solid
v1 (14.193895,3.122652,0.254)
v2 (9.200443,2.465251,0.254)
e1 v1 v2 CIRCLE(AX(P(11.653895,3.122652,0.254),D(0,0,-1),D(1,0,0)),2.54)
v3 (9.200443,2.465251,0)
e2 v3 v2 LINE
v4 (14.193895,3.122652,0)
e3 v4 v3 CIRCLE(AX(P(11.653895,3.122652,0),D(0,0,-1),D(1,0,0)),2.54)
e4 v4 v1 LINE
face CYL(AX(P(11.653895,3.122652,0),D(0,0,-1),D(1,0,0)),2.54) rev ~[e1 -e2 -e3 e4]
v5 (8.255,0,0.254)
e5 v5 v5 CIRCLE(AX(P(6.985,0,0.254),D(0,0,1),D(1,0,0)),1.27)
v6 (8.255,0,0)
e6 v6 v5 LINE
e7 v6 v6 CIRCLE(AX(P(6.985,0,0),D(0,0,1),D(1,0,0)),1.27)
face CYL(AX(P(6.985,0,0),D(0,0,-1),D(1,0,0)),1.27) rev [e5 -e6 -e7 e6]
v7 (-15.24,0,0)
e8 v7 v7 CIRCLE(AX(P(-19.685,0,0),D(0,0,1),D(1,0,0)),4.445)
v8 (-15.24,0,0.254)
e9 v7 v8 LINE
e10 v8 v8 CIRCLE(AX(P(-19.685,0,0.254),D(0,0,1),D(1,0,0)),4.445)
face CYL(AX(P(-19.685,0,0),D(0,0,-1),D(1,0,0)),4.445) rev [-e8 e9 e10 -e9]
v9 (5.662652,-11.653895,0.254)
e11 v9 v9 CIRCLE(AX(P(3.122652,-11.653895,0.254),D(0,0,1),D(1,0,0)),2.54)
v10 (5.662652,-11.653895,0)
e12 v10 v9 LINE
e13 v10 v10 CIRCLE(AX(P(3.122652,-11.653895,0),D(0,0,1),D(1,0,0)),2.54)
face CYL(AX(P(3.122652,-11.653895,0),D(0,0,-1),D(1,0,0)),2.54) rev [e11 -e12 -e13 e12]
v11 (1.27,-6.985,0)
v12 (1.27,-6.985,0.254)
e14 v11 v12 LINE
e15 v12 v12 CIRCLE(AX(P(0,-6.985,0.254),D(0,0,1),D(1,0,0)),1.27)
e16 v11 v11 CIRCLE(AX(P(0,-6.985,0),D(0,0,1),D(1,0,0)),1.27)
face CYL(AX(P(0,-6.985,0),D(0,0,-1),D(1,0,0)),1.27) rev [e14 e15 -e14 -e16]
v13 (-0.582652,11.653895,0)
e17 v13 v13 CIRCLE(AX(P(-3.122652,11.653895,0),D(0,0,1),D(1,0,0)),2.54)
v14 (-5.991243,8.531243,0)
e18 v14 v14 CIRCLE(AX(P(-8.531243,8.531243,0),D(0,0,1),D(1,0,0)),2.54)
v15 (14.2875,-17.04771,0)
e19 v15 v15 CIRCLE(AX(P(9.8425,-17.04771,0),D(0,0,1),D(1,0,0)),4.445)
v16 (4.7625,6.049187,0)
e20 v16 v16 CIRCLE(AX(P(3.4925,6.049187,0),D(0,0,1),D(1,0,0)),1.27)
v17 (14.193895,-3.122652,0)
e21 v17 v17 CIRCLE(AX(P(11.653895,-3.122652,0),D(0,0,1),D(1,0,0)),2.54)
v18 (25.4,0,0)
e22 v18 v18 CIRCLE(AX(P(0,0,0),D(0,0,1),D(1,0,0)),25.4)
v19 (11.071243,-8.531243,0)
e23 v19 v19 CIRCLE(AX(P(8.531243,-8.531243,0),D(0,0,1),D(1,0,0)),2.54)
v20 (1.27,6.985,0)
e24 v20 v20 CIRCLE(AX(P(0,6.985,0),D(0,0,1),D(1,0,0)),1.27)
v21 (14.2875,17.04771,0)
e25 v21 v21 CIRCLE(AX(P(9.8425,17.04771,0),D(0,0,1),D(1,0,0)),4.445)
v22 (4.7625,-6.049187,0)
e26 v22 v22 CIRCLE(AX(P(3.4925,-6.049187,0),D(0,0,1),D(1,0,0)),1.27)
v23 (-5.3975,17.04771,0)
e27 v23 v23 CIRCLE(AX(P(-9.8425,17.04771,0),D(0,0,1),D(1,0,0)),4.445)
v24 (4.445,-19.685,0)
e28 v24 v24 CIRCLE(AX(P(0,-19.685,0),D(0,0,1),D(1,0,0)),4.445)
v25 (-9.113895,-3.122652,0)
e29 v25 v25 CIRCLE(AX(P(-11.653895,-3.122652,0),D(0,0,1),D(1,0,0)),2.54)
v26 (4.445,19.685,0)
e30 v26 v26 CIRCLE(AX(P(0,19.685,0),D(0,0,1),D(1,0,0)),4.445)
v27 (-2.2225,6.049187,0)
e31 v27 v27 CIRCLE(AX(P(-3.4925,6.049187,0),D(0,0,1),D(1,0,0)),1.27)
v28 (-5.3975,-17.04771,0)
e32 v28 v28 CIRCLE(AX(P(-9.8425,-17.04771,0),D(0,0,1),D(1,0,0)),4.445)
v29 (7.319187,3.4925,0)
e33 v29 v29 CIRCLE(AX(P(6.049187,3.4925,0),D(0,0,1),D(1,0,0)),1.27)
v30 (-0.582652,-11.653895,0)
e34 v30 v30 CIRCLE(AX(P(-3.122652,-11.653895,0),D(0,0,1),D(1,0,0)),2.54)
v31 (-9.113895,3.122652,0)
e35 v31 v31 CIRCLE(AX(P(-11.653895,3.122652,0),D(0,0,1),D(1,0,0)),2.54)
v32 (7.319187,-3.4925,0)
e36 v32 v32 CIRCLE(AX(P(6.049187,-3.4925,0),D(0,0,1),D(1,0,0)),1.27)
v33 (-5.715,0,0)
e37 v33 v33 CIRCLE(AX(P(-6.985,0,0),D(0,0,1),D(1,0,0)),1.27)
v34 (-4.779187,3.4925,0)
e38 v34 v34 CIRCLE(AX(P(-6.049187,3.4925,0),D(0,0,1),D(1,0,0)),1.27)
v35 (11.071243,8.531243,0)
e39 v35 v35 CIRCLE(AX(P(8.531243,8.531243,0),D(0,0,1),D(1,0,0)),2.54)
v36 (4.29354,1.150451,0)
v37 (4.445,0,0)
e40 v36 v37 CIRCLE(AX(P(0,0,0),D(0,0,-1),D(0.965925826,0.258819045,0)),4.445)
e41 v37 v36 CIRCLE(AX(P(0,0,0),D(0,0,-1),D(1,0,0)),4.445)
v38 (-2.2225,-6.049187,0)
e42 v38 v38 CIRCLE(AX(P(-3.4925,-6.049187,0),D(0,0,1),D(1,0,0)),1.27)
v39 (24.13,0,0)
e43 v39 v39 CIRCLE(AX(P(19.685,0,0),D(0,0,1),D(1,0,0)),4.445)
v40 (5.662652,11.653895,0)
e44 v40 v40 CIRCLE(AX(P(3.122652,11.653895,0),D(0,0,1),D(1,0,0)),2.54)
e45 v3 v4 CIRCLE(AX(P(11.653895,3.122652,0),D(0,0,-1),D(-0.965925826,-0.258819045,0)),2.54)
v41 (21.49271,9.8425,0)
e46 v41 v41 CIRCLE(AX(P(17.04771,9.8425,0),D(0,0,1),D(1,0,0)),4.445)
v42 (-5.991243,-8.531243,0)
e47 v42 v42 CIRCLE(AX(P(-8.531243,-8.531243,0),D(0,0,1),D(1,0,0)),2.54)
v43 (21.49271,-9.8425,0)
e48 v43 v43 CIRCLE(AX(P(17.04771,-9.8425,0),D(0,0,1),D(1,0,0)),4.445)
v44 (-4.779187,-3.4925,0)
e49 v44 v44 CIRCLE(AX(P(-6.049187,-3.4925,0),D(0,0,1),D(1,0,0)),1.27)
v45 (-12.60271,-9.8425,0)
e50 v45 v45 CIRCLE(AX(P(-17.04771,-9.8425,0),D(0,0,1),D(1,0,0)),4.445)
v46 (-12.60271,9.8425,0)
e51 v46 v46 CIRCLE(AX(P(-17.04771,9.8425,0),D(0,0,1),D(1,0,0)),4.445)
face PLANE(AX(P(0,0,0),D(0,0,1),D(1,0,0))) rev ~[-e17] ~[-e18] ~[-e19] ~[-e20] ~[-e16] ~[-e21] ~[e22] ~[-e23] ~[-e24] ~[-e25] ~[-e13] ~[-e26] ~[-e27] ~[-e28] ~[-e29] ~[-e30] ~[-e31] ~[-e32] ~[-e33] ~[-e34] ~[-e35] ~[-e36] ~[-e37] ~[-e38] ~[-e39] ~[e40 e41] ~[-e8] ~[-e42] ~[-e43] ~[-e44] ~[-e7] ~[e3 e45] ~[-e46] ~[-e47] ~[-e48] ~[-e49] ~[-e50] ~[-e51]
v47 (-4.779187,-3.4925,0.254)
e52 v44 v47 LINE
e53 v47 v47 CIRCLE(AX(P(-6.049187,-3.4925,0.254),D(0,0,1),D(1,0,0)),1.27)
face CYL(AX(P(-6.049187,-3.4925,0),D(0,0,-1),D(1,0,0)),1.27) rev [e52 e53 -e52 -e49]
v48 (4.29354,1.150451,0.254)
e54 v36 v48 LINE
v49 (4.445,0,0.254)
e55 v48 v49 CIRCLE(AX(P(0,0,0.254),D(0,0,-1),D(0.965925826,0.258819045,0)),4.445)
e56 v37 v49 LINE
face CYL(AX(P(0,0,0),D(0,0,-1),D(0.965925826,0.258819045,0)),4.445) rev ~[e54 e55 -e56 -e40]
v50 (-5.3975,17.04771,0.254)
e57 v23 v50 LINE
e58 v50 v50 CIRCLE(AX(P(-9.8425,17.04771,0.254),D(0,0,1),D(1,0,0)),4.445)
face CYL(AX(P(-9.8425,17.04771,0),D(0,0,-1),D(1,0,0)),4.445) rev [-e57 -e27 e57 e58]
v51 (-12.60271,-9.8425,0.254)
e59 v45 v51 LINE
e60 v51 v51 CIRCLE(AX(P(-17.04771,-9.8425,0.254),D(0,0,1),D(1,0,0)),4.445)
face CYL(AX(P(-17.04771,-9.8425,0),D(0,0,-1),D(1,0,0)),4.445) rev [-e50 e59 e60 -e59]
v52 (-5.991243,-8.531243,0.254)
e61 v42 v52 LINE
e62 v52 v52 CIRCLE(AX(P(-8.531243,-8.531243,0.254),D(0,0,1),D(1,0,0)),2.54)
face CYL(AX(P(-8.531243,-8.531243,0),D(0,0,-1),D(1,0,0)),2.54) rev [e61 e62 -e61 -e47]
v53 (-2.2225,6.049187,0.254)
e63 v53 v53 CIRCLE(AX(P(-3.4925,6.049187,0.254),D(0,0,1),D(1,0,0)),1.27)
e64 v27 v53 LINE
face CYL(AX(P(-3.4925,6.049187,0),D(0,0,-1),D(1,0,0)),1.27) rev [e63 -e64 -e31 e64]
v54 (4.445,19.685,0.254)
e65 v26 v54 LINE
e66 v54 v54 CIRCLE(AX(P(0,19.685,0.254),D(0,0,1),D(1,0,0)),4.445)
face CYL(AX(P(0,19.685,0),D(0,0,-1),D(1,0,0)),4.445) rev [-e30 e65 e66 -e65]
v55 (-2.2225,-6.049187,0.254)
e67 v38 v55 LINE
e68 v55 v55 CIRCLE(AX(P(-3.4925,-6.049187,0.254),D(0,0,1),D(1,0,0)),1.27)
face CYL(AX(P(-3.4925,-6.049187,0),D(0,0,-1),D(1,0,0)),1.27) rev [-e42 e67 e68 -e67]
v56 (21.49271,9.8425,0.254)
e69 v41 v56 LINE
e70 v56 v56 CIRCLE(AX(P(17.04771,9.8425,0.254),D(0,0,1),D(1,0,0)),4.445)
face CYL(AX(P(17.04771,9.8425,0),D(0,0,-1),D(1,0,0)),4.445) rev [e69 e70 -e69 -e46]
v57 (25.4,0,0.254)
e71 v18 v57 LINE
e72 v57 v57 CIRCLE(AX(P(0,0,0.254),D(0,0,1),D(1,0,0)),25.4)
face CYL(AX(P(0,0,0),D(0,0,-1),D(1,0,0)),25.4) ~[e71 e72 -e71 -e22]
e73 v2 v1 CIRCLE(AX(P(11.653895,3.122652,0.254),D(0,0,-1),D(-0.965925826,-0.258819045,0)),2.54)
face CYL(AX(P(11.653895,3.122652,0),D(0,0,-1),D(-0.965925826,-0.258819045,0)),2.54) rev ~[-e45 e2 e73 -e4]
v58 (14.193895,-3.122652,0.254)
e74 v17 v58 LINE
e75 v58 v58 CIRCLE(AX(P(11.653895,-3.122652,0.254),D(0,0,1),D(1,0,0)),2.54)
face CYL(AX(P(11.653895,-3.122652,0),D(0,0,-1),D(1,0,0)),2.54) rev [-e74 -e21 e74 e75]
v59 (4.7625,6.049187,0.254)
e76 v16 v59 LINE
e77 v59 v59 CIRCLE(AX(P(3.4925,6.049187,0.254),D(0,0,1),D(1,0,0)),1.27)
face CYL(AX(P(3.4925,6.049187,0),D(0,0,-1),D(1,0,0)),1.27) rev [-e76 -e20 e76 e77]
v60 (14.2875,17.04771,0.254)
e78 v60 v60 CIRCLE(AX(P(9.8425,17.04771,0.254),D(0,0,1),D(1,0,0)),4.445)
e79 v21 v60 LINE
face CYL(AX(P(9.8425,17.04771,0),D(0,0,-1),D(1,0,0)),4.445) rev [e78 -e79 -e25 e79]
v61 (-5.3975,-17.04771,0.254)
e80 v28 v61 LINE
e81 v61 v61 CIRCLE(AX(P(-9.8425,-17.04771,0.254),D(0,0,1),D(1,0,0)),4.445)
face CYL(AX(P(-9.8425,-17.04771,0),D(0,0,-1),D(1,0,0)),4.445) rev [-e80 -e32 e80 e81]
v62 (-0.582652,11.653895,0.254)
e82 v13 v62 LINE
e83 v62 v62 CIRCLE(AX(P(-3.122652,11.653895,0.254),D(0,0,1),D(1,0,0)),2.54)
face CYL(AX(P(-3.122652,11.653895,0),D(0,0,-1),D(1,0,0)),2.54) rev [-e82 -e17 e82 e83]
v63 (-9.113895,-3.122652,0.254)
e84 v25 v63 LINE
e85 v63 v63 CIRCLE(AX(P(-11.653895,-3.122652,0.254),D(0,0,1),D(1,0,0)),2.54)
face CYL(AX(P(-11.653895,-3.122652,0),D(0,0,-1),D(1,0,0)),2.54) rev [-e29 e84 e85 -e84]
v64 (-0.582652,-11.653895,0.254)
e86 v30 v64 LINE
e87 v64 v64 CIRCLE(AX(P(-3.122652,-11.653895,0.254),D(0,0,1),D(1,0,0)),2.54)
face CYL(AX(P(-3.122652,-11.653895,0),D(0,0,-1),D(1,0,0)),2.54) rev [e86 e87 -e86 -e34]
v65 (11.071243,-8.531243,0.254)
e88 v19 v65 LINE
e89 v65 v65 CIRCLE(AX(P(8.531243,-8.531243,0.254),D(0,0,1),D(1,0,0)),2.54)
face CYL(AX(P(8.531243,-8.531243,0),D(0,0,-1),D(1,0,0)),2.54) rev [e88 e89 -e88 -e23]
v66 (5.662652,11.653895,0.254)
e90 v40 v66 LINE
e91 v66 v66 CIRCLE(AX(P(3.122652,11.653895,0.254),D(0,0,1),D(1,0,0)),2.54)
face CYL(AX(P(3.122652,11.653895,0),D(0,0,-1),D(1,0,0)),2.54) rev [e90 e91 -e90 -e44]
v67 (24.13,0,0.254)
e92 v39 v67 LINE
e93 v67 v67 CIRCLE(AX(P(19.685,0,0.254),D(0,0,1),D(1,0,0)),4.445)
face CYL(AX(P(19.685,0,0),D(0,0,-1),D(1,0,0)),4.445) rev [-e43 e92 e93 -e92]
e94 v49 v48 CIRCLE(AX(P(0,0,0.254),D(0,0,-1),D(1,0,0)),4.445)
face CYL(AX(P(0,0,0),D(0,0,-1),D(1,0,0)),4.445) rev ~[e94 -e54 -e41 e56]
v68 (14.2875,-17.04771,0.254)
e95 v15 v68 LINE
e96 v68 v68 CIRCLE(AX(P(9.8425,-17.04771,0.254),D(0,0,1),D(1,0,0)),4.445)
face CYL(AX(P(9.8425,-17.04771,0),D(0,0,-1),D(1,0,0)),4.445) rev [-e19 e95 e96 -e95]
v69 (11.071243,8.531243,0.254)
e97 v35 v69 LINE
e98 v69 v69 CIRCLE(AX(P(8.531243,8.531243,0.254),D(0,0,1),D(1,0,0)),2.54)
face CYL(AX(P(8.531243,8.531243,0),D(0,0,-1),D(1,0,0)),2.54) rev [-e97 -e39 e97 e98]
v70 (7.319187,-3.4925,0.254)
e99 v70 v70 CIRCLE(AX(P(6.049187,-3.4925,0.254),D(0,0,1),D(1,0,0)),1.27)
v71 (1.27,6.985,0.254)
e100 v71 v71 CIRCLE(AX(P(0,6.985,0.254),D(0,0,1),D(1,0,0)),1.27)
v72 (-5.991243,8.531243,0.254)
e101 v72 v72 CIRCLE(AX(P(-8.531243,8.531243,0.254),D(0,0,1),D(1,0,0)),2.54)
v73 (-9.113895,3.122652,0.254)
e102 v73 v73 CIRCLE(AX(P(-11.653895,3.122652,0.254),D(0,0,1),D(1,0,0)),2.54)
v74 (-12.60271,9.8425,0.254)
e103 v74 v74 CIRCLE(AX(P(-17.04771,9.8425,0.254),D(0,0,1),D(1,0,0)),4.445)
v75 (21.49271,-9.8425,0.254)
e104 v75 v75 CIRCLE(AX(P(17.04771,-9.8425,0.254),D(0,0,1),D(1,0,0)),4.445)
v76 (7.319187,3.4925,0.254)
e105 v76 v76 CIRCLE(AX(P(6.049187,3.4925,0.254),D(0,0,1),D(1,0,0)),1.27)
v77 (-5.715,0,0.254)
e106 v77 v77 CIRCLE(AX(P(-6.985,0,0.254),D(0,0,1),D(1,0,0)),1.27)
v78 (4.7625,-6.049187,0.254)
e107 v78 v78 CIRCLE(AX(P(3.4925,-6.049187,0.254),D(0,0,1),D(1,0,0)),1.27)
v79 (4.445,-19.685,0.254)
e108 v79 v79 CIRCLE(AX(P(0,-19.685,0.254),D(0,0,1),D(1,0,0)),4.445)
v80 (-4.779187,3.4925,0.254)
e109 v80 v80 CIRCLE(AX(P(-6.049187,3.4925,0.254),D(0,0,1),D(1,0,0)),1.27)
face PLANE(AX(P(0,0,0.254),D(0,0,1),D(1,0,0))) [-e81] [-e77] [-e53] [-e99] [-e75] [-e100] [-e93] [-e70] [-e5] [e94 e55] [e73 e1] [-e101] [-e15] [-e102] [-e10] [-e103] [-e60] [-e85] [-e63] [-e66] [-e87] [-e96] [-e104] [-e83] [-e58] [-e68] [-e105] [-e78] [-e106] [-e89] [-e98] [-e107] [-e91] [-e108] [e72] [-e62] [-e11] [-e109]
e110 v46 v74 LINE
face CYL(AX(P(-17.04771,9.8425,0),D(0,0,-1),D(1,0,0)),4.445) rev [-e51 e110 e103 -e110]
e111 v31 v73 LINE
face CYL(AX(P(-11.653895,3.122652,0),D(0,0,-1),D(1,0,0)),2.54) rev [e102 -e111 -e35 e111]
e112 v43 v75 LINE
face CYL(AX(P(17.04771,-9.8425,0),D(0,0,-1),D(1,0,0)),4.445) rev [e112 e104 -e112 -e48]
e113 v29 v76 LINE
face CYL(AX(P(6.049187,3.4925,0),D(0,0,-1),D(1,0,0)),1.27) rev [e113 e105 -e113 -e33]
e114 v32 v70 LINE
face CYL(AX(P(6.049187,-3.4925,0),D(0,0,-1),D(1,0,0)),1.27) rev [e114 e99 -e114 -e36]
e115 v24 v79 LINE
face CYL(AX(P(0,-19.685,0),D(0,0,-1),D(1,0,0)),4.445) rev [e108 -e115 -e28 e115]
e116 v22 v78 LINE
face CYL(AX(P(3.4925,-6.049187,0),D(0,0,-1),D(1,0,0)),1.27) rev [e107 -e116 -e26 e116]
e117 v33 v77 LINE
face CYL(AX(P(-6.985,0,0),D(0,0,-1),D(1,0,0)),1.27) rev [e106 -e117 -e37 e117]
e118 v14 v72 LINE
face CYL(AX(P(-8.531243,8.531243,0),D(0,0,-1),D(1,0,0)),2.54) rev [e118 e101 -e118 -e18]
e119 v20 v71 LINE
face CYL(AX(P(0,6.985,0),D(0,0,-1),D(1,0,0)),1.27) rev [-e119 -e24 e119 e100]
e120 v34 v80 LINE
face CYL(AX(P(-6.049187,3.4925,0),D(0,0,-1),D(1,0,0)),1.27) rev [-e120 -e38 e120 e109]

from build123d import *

# Parameters (mm, degrees)
F0_R     = 25.4
F0_R_2   = 4.445
F0_R_3   = 2.54
F0_R_4   = 1.27
F1_DEPTH = 0.254


with BuildPart() as f1:
    # F0 (on Top) → F1 (new body)
    with BuildSketch(Plane.XY):
        Circle(F0_R)
        with Locations((0, -19.685)):
            Circle(F0_R_2, mode=Mode.SUBTRACT)
        with Locations((-9.8425, -17.0477100735)):
            Circle(F0_R_2, mode=Mode.SUBTRACT)
        with Locations((-17.0477100735, -9.8425)):
            Circle(F0_R_2, mode=Mode.SUBTRACT)
        with Locations((-19.685, 0)):
            Circle(F0_R_2, mode=Mode.SUBTRACT)
        with Locations((-8.531243315, -8.531243315)):
            Circle(F0_R_3, mode=Mode.SUBTRACT)
        with Locations((-3.1226517792, -11.6538950942)):
            Circle(F0_R_3, mode=Mode.SUBTRACT)
        with Locations((0, -6.985)):
            Circle(F0_R_4, mode=Mode.SUBTRACT)
        with Locations((-11.6538950942, -3.1226517792)):
            Circle(F0_R_3, mode=Mode.SUBTRACT)
        with Locations((-6.985, 0)):
            Circle(F0_R_4, mode=Mode.SUBTRACT)
        with Locations((-3.4925, -6.0491874454)):
            Circle(F0_R_4, mode=Mode.SUBTRACT)
        with Locations((-6.0491874454, -3.4925)):
            Circle(F0_R_4, mode=Mode.SUBTRACT)
        with BuildLine():
            ThreePointArc((4.445, 0), (-4.4069724088, -0.5801889244), (4.2935402979, 1.1504506555))
            ThreePointArc((4.2935402979, 1.1504506555), (4.4069724088, 0.5801889244), (4.445, 0))
        make_face(mode=Mode.SUBTRACT)
        with Locations((9.8425, -17.0477100735)):
            Circle(F0_R_2, mode=Mode.SUBTRACT)
        with Locations((3.1226517792, -11.6538950942)):
            Circle(F0_R_3, mode=Mode.SUBTRACT)
        with Locations((8.531243315, -8.531243315)):
            Circle(F0_R_3, mode=Mode.SUBTRACT)
        with Locations((3.4925, -6.0491874454)):
            Circle(F0_R_4, mode=Mode.SUBTRACT)
        with Locations((6.0491874454, -3.4925)):
            Circle(F0_R_4, mode=Mode.SUBTRACT)
        with Locations((6.985, 0)):
            Circle(F0_R_4, mode=Mode.SUBTRACT)
        with Locations((11.6538950942, -3.1226517792)):
            Circle(F0_R_3, mode=Mode.SUBTRACT)
        with Locations((17.0477100735, -9.8425)):
            Circle(F0_R_2, mode=Mode.SUBTRACT)
        with Locations((19.685, 0)):
            Circle(F0_R_2, mode=Mode.SUBTRACT)
        with Locations((-17.0477100735, 9.8425)):
            Circle(F0_R_2, mode=Mode.SUBTRACT)
        with Locations((-11.6538950942, 3.1226517792)):
            Circle(F0_R_3, mode=Mode.SUBTRACT)
        with Locations((-6.0491874454, 3.4925)):
            Circle(F0_R_4, mode=Mode.SUBTRACT)
        with Locations((-3.4925, 6.0491874454)):
            Circle(F0_R_4, mode=Mode.SUBTRACT)
        with Locations((-8.531243315, 8.531243315)):
            Circle(F0_R_3, mode=Mode.SUBTRACT)
        with Locations((0, 6.985)):
            Circle(F0_R_4, mode=Mode.SUBTRACT)
        with Locations((-3.1226517792, 11.6538950942)):
            Circle(F0_R_3, mode=Mode.SUBTRACT)
        with Locations((-9.8425, 17.0477100735)):
            Circle(F0_R_2, mode=Mode.SUBTRACT)
        with Locations((0, 19.685)):
            Circle(F0_R_2, mode=Mode.SUBTRACT)
        with Locations((6.0491874454, 3.4925)):
            Circle(F0_R_4, mode=Mode.SUBTRACT)
        with Locations((3.4925, 6.0491874454)):
            Circle(F0_R_4, mode=Mode.SUBTRACT)
        with BuildLine():
            ThreePointArc((9.2004434954, 2.4652514046), (11.3223585659, 5.6409217271), (14.1938950942, 3.1226517792))
            ThreePointArc((14.1938950942, 3.1226517792), (11.9854316224, 0.6043818313), (9.2004434954, 2.4652514046))
        make_face(mode=Mode.SUBTRACT)
        with Locations((3.1226517792, 11.6538950942)):
            Circle(F0_R_3, mode=Mode.SUBTRACT)
        with Locations((8.531243315, 8.531243315)):
            Circle(F0_R_3, mode=Mode.SUBTRACT)
        with Locations((17.0477100735, 9.8425)):
            Circle(F0_R_2, mode=Mode.SUBTRACT)
        with Locations((9.8425, 17.0477100735)):
            Circle(F0_R_2, mode=Mode.SUBTRACT)
    extrude(amount=F1_DEPTH)


solid = f1.part
